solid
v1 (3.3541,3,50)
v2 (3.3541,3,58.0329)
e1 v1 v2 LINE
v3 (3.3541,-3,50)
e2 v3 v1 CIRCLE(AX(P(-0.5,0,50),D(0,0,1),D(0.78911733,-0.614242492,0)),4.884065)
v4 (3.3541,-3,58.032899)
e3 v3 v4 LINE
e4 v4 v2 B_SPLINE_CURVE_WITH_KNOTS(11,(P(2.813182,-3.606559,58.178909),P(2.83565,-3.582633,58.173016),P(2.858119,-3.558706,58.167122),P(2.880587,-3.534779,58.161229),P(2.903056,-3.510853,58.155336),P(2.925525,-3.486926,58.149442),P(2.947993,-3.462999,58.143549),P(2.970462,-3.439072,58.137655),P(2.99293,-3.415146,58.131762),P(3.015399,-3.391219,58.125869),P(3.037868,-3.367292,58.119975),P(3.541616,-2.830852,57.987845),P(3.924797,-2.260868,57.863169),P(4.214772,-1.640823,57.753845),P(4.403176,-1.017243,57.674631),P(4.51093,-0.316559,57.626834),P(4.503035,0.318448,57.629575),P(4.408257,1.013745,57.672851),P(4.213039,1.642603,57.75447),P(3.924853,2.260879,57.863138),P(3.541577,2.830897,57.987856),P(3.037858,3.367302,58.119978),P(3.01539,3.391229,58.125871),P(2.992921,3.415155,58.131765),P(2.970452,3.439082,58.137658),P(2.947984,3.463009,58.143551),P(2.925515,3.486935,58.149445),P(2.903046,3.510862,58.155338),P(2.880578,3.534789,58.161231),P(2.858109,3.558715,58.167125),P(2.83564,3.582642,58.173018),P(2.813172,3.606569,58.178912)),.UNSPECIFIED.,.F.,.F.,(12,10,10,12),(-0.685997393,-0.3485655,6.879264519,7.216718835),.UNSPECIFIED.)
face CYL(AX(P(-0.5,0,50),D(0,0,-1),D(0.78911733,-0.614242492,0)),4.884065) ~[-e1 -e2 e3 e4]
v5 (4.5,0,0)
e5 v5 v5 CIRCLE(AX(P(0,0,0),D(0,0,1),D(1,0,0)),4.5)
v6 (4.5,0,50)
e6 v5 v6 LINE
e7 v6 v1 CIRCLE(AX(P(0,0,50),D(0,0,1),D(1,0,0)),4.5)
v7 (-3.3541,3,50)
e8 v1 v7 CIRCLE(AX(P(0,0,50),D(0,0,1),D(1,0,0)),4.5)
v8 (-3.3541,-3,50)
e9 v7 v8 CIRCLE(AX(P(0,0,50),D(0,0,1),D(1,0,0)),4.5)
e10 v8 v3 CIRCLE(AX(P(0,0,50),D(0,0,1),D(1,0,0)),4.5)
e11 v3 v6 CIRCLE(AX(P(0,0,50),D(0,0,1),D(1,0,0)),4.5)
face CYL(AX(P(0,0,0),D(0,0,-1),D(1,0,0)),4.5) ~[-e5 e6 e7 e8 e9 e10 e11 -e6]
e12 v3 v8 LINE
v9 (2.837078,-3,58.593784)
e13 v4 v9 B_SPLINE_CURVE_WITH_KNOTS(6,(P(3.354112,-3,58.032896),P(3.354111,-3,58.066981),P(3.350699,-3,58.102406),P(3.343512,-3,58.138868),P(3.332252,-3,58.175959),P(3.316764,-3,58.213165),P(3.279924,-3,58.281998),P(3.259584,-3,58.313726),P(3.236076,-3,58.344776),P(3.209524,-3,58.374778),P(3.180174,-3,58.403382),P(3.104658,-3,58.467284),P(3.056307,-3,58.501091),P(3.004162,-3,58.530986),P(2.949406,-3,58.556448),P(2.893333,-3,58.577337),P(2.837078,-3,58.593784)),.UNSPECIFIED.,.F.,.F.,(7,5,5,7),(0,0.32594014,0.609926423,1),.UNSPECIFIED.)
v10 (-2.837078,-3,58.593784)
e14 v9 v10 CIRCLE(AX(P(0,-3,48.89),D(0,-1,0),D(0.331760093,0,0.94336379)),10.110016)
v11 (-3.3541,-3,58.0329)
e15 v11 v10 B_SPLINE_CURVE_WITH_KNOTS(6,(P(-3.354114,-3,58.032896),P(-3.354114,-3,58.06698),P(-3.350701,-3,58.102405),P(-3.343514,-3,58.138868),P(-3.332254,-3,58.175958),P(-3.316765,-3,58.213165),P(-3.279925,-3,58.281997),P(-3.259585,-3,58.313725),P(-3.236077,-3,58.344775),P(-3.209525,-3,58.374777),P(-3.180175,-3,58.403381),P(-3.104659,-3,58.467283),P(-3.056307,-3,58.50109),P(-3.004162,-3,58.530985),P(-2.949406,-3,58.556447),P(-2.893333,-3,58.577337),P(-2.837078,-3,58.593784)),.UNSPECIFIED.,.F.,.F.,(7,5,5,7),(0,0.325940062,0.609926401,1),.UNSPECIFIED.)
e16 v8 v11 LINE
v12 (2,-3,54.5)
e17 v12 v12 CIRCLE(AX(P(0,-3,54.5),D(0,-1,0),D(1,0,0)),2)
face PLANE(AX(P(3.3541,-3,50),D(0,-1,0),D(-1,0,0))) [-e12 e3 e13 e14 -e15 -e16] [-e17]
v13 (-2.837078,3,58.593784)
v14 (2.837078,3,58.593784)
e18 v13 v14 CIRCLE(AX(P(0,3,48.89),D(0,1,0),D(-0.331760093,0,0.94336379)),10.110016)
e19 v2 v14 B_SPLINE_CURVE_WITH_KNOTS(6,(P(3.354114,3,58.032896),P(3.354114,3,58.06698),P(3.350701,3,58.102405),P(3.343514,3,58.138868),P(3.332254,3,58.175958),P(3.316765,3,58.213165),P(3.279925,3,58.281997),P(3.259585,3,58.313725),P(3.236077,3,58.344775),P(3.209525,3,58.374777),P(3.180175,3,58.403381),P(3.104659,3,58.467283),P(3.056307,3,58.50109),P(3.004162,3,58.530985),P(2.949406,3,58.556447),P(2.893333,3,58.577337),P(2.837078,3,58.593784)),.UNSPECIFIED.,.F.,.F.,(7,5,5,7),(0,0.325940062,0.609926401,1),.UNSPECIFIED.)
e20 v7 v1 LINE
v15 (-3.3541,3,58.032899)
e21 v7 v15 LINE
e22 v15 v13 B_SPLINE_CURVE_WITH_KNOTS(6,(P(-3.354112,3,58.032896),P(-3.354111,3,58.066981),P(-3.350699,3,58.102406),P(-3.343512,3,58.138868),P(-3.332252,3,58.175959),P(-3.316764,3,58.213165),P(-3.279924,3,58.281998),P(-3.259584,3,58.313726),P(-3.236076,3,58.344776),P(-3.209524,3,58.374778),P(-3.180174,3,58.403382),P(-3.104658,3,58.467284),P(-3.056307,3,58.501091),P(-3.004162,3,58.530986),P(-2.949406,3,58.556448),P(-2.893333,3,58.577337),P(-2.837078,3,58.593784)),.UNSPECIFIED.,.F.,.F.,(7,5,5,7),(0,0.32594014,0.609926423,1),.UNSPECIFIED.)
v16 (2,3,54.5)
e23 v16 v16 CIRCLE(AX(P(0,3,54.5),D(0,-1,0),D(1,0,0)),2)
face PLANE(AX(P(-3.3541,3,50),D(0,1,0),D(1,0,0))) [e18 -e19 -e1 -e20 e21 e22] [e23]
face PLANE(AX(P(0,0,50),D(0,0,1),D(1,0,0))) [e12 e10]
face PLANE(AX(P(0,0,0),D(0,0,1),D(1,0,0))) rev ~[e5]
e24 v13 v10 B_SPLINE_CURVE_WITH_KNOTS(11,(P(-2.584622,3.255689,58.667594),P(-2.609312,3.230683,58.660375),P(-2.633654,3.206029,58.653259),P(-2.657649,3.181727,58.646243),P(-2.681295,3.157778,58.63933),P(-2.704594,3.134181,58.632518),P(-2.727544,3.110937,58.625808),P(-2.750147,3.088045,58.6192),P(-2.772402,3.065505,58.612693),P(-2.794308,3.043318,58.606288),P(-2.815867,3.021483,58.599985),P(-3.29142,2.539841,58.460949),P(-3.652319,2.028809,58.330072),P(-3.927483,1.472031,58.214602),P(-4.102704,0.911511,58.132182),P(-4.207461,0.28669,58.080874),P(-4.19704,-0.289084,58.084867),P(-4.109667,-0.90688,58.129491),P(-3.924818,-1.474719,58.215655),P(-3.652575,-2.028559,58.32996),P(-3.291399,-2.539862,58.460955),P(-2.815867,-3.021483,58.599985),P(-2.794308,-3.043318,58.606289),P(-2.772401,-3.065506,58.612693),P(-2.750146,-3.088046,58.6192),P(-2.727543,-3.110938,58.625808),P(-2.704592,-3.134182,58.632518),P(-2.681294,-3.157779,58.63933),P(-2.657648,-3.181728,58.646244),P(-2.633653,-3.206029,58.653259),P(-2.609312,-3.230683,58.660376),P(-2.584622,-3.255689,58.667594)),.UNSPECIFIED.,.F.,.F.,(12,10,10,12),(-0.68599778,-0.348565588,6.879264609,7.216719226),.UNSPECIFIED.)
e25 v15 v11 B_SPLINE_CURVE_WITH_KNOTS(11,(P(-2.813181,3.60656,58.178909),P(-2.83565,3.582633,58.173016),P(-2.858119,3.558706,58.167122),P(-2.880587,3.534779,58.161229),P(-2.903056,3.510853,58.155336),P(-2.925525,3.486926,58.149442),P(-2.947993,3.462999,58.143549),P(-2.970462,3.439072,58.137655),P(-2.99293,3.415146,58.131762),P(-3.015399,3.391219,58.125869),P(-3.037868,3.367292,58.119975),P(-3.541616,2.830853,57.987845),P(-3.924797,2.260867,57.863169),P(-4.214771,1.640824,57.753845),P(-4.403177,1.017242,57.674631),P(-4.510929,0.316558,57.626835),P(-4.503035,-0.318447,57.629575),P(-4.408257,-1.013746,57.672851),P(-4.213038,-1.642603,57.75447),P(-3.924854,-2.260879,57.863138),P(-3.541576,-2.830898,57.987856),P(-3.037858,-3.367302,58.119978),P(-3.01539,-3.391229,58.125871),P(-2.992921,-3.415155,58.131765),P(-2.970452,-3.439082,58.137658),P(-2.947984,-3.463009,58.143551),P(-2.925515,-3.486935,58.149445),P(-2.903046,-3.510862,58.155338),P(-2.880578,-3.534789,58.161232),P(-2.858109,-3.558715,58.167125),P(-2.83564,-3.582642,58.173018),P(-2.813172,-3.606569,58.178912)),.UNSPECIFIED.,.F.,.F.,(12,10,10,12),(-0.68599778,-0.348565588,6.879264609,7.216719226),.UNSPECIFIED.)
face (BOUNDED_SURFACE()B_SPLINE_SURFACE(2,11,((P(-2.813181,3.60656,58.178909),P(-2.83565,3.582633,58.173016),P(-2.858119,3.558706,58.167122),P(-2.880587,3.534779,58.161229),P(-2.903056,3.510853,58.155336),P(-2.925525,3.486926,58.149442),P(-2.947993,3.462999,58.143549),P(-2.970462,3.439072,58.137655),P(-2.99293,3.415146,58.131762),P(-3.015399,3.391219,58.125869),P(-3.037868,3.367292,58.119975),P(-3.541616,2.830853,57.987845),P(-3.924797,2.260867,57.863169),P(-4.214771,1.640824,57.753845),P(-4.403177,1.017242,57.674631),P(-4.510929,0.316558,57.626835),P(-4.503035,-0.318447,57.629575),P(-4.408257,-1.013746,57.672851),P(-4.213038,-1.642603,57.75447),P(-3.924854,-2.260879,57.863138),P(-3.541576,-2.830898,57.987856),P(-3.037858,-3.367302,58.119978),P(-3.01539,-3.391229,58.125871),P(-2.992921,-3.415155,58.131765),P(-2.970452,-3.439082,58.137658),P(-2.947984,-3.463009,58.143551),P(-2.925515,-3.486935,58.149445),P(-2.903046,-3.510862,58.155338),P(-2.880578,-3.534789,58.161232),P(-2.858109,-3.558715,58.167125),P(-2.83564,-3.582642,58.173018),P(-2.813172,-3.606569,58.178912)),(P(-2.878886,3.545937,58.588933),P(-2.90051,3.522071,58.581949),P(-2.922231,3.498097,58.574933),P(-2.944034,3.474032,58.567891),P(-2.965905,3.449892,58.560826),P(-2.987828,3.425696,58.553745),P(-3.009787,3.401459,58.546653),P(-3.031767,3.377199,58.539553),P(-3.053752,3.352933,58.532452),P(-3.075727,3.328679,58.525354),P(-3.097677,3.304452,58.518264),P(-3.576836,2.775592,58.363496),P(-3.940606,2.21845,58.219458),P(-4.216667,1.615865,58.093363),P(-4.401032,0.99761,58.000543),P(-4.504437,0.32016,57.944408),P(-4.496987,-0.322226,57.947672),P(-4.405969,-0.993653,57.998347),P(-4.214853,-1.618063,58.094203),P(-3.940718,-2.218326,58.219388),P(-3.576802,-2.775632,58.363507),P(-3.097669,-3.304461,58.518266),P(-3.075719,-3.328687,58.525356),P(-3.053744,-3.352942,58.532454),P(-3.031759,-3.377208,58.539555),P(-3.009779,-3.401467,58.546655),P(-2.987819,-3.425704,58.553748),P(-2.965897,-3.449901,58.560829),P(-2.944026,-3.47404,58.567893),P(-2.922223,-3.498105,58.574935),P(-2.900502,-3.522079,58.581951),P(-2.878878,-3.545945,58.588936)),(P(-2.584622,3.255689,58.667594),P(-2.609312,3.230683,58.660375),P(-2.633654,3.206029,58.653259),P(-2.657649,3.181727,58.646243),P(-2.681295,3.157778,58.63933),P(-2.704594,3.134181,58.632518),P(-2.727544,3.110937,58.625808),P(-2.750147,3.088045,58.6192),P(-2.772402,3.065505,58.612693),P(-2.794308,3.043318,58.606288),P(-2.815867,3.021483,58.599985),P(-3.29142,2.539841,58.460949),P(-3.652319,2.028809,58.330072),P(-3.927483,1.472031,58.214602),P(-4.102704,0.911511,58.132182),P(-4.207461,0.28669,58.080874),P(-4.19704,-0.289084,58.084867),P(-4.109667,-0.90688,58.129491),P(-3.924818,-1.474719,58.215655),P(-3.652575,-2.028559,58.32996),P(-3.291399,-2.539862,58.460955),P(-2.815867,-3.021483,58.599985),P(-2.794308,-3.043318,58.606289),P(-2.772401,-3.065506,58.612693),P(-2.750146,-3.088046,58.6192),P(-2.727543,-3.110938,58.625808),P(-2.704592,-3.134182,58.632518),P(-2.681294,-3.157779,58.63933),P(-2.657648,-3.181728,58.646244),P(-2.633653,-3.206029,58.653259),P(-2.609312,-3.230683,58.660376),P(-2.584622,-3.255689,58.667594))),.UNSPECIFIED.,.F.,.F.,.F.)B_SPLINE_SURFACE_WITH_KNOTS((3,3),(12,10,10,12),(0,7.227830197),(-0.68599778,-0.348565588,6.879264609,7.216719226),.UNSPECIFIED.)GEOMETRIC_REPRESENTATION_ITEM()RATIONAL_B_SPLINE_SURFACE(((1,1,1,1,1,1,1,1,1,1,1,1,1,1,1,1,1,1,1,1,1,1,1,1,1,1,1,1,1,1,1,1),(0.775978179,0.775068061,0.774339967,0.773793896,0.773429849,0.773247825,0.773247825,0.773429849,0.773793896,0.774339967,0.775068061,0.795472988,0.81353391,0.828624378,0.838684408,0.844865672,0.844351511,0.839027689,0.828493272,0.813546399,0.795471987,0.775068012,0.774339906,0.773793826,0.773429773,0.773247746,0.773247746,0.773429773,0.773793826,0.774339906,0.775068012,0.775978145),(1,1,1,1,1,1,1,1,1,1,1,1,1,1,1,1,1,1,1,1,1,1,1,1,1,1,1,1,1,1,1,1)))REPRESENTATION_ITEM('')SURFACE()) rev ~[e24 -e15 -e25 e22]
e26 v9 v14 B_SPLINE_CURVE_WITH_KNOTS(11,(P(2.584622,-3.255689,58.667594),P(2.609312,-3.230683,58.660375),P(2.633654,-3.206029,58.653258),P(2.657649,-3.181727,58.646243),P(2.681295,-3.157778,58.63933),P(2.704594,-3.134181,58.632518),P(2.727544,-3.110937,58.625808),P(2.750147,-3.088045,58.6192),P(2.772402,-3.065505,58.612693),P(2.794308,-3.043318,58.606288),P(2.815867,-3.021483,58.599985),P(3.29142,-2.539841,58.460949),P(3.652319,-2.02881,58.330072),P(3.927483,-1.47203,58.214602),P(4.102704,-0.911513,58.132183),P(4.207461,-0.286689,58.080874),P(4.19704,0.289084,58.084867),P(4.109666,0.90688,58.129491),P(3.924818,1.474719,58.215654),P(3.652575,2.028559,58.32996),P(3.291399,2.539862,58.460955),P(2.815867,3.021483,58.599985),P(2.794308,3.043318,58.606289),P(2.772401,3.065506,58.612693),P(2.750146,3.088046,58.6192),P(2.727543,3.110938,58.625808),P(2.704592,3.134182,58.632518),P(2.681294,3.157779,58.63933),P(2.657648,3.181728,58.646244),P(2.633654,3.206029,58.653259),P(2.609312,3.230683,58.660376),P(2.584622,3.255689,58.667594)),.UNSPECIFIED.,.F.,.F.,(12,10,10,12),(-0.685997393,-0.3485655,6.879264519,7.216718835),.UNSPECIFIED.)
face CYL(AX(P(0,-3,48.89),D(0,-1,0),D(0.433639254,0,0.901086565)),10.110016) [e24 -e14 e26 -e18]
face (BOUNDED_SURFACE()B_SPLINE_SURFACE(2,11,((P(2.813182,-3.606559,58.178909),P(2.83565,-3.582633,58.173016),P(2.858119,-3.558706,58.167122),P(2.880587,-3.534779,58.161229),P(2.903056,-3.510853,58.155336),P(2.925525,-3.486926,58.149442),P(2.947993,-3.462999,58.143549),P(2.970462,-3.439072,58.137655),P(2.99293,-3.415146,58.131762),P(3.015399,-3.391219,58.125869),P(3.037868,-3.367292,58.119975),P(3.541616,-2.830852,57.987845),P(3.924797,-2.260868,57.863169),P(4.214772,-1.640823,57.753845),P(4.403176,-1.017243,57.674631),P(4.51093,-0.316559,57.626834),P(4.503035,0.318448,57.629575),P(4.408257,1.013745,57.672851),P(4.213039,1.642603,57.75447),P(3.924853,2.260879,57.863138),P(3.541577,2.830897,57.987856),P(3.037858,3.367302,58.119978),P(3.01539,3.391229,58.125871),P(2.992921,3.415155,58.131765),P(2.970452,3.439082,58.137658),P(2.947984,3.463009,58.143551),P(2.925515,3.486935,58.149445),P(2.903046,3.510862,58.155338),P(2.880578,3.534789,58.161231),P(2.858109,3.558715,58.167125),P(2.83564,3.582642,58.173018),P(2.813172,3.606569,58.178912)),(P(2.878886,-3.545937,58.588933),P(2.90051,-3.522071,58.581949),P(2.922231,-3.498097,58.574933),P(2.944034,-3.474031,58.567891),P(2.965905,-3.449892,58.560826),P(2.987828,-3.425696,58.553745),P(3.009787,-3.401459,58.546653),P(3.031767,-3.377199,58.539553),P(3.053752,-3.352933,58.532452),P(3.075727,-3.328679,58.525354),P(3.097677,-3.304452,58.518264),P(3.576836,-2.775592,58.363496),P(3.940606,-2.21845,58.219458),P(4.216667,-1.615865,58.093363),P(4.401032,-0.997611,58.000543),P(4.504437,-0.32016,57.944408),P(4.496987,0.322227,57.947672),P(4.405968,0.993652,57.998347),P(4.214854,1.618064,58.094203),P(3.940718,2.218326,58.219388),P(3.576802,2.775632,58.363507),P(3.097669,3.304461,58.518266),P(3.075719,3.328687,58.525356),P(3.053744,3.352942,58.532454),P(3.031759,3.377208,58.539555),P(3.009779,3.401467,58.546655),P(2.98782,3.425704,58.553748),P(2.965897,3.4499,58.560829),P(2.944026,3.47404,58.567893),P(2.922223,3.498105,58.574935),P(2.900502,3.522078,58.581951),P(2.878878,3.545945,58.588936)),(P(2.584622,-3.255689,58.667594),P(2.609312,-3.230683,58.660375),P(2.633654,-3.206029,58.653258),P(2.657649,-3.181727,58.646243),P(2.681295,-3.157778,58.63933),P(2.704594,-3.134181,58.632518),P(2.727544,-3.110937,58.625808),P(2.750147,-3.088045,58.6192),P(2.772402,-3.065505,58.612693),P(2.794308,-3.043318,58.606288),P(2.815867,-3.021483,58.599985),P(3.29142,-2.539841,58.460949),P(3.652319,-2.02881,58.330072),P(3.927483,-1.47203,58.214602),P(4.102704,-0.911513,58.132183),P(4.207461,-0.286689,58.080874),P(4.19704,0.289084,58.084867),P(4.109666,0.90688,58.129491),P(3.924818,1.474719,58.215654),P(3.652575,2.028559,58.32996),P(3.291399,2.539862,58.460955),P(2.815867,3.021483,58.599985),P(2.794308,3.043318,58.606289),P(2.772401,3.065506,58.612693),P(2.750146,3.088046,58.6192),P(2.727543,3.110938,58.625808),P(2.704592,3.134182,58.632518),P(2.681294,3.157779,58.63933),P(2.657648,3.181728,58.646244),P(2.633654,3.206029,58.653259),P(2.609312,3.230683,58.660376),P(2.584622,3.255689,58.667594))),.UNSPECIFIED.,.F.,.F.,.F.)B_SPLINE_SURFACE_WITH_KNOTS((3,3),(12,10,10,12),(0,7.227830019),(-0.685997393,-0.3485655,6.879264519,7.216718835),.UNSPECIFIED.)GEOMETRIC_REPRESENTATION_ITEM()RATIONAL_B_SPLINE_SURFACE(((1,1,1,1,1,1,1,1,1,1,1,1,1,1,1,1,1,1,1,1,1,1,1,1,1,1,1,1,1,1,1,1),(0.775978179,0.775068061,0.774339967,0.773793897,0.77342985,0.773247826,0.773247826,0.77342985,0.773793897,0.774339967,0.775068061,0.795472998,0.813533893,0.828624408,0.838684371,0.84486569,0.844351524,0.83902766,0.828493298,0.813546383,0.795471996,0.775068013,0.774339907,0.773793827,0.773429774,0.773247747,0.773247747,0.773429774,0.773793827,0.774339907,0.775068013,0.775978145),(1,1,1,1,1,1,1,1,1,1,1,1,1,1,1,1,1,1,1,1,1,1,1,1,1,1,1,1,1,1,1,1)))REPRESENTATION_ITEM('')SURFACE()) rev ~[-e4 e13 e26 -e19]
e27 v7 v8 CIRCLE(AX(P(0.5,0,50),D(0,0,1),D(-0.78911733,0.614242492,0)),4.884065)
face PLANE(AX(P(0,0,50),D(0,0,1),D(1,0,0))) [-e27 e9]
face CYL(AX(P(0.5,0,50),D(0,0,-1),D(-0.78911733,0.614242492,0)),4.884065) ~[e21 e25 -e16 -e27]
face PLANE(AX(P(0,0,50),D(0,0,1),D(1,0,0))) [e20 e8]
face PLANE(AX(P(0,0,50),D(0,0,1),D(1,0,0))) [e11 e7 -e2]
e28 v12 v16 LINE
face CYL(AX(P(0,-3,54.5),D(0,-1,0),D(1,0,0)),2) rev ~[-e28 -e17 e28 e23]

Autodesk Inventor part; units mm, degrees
ref_plane "YZ Plane" through (0, 0, 0) normal (1, 0, 0) x (0, 1, 0)
ref_plane "XZ Plane" through (0, 0, 0) normal (0, 1, 0) x (-1, 0, 0)
ref_plane "XY Plane" through (0, 0, 0) normal (0, 0, 1) x (1, 0, 0)
sketch "Sketch1" plane through (0, 0, 0) normal (0, 0, 1) x (1, 0, 0)
  circle A0 centre (0, 0) radius 4.5
  dimension "d0" = 9
extrude "Extrusion1" add sketch "Sketch1" along normal blind 50
sketch "Sketch2" plane through (0, 0, 50) normal (0, 0, 1) x (1, 0, 0)
  circle A0 centre (0, 0) radius 4.5 projected
  line L0 (-3.3541, 3) -> (3.3541, 3)
  line L1 (3.3541, 3) -> (3.3541, -3)
  line L2 (3.3541, -3) -> (-3.3541, -3)
  line L3 (-3.3541, -3) -> (-3.3541, 3)
  circle A1 centre (0, 0) radius 4.5 projected
  line L4 (-4.5, 0) -> (4.5, 0) construction
  arc A2 (-3.3541, 3) -> (-3.3541, -3) centre (0.5, 0) ccw
  line L5 (0, 3) -> (0, -3) construction
  arc A3 (3.3541, -3) -> (3.3541, 3) centre (-0.5, 0) ccw
  point P0 (-3.3541, 0)
  dimension "d3" = 6
  dimension "d4" = 0.5
extrude "Extrusion2" add sketch "Sketch2" along normal blind 9 contours L1 L2 L3 L0 | A3 L1 | L3 A2
sketch "Sketch3" plane through (-3.3541, -3, 50) normal (0, -1, 0) x (1, 0, 0)
  line L0 (7.7382, 0) -> (7.7382, 9) projected
  line L1 (-1.03, 0) -> (-1.03, 9) projected
  arc A0 (7.7382, 8) -> (-1.03, 8) centre (3.3541, -1.11) ccw
  line L2 (0, 9) -> (6.7082, 9) projected
  line L3 (0, 9) -> (-1.03, 9) projected
  line L4 (7.7382, 9) -> (6.7082, 9) projected
  point P0 (3.3541, -50)
  point P1 (3.3541, 9)
  dimension "d7" = 1
  dimension "d8" = 1
extrude "Extrusion3" cut sketch "Sketch3" against normal through all
fillet "Fillet1" radius 0.5 4 edges at (-4.1284, -1.5596, 58.1187) (-4.1284, 1.5596, 58.1187) (4.1284, 1.5596, 58.1187) (4.1284, -1.5596, 58.1187)
sketch "Sketch4" plane through (-3.3541, -3, 50) normal (0, -1, 0) x (1, 0, 0)
  line L0 (6.7082, 0) -> (0, 0) construction
  line L1 (3.3541, 0) -> (3.3541, 9) construction
  arc A0 (6.1913, 8.5937) -> (0.5169, 8.5937) centre (3.3541, -1.11) ccw construction
  circle A1 centre (3.3541, 4.5) radius 2
  line L2 (0, 0) -> (0, 8.0329) projected
  line L3 (0, 6.5) -> (6.7082, 6.5) construction
  line L4 (6.7082, 0) -> (6.7082, 8.0329) projected
  point P0 (3.3541, -50)
  point P1 (3.3541, 9)
  dimension "d12" = 4
  dimension "d13" = 2.5
extrude "Extrusion4" cut sketch "Sketch4" against normal through all
properties part number "LA-T8-1215-50 105-64 Shaft"
